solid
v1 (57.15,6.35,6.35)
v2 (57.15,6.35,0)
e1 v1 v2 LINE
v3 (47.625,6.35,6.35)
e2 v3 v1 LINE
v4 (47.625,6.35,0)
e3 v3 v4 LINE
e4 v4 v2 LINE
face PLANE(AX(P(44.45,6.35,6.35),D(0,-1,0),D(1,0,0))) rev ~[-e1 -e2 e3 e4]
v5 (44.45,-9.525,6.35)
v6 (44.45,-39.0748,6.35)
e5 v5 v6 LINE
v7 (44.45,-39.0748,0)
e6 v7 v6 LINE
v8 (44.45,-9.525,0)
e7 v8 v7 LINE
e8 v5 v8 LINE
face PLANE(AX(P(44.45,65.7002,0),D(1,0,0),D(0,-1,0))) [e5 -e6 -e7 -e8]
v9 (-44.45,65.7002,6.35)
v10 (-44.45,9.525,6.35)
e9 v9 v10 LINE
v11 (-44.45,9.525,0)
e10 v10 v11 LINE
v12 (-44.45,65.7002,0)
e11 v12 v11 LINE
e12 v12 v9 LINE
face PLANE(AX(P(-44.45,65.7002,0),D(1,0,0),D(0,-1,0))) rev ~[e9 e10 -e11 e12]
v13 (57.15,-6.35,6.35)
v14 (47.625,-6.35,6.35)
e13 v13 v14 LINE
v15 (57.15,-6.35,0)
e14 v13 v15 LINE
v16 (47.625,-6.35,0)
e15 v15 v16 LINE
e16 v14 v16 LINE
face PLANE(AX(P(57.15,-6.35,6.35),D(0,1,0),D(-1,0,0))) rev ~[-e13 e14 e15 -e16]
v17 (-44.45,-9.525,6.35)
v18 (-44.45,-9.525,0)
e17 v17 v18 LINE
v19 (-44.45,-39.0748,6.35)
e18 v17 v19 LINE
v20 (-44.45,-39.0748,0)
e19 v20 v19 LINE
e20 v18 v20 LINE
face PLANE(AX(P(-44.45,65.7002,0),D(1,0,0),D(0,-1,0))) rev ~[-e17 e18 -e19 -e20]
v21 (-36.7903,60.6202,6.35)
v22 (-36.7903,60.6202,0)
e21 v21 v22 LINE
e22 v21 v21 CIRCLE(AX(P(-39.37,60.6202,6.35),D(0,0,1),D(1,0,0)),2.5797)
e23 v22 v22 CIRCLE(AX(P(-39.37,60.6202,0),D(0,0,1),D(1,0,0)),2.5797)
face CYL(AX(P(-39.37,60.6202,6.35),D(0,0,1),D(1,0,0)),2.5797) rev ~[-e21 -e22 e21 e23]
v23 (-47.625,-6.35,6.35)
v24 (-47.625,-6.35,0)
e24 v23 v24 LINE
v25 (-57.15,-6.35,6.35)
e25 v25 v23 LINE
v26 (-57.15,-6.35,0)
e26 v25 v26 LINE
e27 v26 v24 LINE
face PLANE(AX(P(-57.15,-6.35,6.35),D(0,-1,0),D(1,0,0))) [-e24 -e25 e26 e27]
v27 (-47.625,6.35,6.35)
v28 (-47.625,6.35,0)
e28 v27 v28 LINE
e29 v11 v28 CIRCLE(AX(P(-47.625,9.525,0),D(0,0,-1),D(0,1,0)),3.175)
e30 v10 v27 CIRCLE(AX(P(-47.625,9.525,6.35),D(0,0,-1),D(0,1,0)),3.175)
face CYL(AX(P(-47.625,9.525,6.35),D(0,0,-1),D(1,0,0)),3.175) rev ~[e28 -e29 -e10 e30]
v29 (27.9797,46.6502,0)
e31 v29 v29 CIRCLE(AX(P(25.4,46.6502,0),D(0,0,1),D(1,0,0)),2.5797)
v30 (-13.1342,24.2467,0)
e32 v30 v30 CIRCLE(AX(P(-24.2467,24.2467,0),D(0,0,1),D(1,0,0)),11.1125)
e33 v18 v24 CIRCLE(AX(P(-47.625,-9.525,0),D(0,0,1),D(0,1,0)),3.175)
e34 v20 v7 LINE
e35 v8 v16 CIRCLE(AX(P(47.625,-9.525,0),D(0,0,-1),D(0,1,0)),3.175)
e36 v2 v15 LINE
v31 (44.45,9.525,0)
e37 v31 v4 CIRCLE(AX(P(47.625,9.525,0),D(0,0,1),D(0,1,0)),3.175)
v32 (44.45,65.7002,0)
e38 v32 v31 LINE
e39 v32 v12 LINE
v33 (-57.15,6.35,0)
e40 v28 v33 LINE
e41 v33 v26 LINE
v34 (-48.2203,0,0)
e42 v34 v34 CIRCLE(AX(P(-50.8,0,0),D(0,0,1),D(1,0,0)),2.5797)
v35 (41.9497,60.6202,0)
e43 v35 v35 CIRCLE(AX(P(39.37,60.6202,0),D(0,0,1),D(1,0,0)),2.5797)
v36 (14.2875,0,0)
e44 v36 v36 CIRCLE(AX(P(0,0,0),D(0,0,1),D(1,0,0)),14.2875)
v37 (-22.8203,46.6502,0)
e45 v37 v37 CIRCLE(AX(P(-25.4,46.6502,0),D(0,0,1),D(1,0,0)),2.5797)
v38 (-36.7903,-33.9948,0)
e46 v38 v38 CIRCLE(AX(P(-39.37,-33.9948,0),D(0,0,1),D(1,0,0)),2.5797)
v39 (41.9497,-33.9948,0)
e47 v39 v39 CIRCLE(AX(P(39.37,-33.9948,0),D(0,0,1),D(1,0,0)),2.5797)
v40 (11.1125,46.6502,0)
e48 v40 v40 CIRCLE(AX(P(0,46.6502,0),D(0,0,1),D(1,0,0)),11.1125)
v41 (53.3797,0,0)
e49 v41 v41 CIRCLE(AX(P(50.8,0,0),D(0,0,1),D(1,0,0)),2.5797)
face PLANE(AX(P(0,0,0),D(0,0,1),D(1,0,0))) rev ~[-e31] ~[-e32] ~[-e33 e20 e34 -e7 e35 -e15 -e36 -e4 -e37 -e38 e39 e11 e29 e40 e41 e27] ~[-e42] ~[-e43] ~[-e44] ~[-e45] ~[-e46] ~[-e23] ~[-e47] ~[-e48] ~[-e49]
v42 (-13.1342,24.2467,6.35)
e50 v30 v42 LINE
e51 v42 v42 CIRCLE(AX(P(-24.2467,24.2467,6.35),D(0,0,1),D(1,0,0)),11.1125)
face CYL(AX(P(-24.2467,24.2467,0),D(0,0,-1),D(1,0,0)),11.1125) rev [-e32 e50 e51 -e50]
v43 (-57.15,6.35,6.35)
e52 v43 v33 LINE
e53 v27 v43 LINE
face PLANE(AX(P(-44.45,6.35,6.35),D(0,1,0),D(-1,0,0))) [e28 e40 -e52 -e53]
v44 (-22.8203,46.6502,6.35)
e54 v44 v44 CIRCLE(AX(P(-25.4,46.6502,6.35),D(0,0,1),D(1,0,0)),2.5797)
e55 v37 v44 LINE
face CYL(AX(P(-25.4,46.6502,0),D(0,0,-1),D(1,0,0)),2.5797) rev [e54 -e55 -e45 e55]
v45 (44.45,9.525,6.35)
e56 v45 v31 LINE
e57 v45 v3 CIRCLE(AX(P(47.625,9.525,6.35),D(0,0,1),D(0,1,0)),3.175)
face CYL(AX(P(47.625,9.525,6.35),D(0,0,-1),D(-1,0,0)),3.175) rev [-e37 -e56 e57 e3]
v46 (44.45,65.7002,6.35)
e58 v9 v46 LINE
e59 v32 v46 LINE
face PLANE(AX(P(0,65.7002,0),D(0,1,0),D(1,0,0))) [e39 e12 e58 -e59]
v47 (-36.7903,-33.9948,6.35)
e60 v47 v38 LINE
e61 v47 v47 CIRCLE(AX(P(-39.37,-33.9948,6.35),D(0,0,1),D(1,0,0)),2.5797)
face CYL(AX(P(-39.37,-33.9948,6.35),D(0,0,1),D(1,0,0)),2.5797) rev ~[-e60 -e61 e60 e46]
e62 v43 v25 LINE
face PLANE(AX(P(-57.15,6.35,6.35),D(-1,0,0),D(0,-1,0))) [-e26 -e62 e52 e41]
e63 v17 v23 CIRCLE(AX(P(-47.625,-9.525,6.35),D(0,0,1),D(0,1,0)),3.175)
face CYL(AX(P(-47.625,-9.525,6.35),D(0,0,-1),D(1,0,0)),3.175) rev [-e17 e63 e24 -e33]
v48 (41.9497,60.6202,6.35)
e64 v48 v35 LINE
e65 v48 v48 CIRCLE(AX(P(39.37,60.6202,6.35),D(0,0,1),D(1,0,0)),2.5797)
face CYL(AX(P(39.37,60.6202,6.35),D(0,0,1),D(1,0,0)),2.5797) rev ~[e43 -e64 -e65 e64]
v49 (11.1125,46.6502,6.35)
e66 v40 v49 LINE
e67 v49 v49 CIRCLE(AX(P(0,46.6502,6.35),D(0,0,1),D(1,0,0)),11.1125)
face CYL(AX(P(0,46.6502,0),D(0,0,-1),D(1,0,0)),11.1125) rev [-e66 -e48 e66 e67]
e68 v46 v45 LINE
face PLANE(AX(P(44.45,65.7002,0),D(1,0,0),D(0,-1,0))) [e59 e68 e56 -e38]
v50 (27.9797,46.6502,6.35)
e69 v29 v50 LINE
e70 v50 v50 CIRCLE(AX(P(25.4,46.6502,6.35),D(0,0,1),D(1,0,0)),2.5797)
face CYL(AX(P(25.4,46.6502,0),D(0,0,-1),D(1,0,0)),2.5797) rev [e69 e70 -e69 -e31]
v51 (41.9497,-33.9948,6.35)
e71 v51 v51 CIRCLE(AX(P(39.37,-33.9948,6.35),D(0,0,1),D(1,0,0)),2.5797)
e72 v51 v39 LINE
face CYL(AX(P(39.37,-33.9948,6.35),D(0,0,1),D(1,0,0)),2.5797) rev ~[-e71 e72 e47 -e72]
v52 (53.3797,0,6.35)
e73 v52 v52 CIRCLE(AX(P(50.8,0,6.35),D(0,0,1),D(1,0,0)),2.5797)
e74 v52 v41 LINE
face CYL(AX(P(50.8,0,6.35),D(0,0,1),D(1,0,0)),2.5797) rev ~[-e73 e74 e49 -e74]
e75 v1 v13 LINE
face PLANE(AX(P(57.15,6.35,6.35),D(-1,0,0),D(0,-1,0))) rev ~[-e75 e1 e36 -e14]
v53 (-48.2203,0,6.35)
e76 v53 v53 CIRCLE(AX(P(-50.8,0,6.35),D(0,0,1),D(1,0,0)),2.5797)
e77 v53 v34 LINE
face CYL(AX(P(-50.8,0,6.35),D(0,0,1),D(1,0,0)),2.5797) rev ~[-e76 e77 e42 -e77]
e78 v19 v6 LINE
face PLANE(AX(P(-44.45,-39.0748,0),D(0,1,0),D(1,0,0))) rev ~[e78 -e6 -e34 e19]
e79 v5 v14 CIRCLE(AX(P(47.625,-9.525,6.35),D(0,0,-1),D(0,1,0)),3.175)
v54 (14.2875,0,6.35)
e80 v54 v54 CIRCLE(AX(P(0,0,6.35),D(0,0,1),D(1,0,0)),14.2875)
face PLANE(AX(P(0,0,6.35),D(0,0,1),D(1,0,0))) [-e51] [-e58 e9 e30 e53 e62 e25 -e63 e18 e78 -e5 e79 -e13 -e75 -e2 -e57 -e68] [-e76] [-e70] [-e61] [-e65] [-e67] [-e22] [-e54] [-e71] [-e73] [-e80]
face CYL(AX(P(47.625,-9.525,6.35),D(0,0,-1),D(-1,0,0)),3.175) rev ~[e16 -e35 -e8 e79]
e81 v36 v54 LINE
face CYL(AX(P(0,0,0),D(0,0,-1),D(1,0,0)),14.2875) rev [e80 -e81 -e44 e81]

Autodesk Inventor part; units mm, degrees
ref_plane "YZ Plane" through (0, 0, 0) normal (1, 0, 0) x (0, 1, 0)
ref_plane "XZ Plane" through (0, 0, 0) normal (0, 1, 0) x (-1, 0, 0)
ref_plane "XY Plane" through (0, 0, 0) normal (0, 0, 1) x (1, 0, 0)
sketch "Sketch1" plane through (0, 0, 0) normal (0, 0, 1) x (1, 0, 0)
  circle A0 centre (0, 0) radius 14.2875
  line L0 (0, 0) -> (-24.2467, 24.2467) construction
  line L1 (0, 0) -> (34.29, 0) construction
  circle A1 centre (-24.2467, 24.2467) radius 11.1125
  line L2 (-24.2467, 24.2467) -> (8.7733, 24.2467) construction
  line L3 (-24.2467, 24.2467) -> (0, 24.2467) construction
  line L4 (0, 24.2467) -> (0, 46.6502) construction
  line L5 (0, 46.6502) -> (-24.2467, 24.2467) construction
  circle A2 centre (0, 46.6502) radius 11.1125
  line L6 (0, 46.6502) -> (-25.4, 46.6502) construction
  line L7 (-25.4, 46.6502) -> (25.4, 46.6502) construction
  circle A3 centre (-25.4, 46.6502) radius 2.5797
  circle A4 centre (25.4, 46.6502) radius 2.5797
  line L8 (0, 46.6502) -> (0, 65.7002) construction
  line L9 (0, 65.7002) -> (44.45, 65.7002)
  line L10 (44.45, 65.7002) -> (44.45, -39.0748)
  line L11 (0, 65.7002) -> (-44.45, 65.7002)
  line L12 (-44.45, 65.7002) -> (-44.45, -39.0748)
  line L13 (-44.45, -39.0748) -> (44.45, -39.0748)
  dimension "d0" = 28.575
  dimension "d1" = 34.29
  dimension "d2" = 135
  dimension "d3" = 22.225
  dimension "d7" = 22.4035
  dimension "d8" = 22.225
  dimension "d9" = 25.4
  dimension "d10" = 50.8
  dimension "d11" = 5.1594
  dimension "d12" = 19.05
  dimension "d13" = 104.775
  dimension "d14" = 44.45
  dimension "d17" = 44.45
  dimension "d23" = 5.1594
extrude "Extrusion1" add sketch "Sketch1" along normal blind 6.35
sketch "Sketch2" plane through (0, 0, 6.35) normal (0, 0, 1) x (1, 0, 0)
  line L0 (-44.45, 65.7002) -> (-39.37, 65.7002) construction
  line L1 (-44.45, 65.7002) -> (44.45, 65.7002) construction
  line L2 (-39.37, 65.7002) -> (-39.37, 60.6202) construction
  circle A0 centre (-39.37, 60.6202) radius 2.5797
  line L3 (0, 65.7002) -> (0, -39.0748) construction
  line L4 (-44.45, -39.0748) -> (44.45, -39.0748) construction
  line L5 (44.45, -39.0748) -> (44.45, 65.7002) construction
  line L6 (44.45, 13.3127) -> (-44.45, 13.3127) construction
  circle A1 centre (39.37, 60.6202) radius 2.5797
  circle A2 centre (-39.37, -33.9948) radius 2.5797
  circle A3 centre (39.37, -33.9948) radius 2.5797
  point P0 (0, 0)
  dimension "d18" = 5.08
  dimension "d19" = 5.08
  dimension "d20" = 5.1594
extrude "Extrusion2" cut sketch "Sketch2" against normal blind 25.4
sketch "Sketch3" plane through (0, 0, 6.35) normal (0, 0, 1) x (1, 0, 0)
  line L0 (44.45, 65.7002) -> (44.45, -39.0748) construction
  line L1 (44.45, 0) -> (44.45, 6.35) construction
  line L2 (44.45, 6.35) -> (57.15, 6.35)
  line L3 (57.15, 6.35) -> (57.15, -6.35)
  line L4 (57.15, -6.35) -> (44.45, -6.35)
  line L5 (44.45, -6.35) -> (44.45, 6.35)
  circle A0 centre (50.8, 0) radius 2.5797
  line L6 (0, 18.1836) -> (0, -18.812) construction
  line L7 (-44.45, 65.7002) -> (-44.45, -39.0748) construction
  line L8 (-44.45, 0) -> (-44.45, 6.35) construction
  line L9 (-44.45, 6.35) -> (-57.15, 6.35)
  line L10 (-57.15, 6.35) -> (-57.15, -6.35)
  line L11 (-57.15, -6.35) -> (-44.45, -6.35)
  line L12 (-44.45, -6.35) -> (-44.45, 6.35)
  circle A1 centre (-50.8, 0) radius 2.5797
  point P0 (0, 0)
  dimension "d24" = 6.35
  dimension "d25" = 12.7
  dimension "d26" = 12.7
  dimension "d27" = 5.1594
extrude "Extrusion3" add sketch "Sketch3" against normal blind 6.35
fillet "Fillet1" radius 3.175 4 edges at (44.45, 6.35, 3.175) (44.45, -6.35, 3.175) (-44.45, -6.35, 3.175) (-44.45, 6.35, 3.175)
properties part number "Gearbox Plate"
